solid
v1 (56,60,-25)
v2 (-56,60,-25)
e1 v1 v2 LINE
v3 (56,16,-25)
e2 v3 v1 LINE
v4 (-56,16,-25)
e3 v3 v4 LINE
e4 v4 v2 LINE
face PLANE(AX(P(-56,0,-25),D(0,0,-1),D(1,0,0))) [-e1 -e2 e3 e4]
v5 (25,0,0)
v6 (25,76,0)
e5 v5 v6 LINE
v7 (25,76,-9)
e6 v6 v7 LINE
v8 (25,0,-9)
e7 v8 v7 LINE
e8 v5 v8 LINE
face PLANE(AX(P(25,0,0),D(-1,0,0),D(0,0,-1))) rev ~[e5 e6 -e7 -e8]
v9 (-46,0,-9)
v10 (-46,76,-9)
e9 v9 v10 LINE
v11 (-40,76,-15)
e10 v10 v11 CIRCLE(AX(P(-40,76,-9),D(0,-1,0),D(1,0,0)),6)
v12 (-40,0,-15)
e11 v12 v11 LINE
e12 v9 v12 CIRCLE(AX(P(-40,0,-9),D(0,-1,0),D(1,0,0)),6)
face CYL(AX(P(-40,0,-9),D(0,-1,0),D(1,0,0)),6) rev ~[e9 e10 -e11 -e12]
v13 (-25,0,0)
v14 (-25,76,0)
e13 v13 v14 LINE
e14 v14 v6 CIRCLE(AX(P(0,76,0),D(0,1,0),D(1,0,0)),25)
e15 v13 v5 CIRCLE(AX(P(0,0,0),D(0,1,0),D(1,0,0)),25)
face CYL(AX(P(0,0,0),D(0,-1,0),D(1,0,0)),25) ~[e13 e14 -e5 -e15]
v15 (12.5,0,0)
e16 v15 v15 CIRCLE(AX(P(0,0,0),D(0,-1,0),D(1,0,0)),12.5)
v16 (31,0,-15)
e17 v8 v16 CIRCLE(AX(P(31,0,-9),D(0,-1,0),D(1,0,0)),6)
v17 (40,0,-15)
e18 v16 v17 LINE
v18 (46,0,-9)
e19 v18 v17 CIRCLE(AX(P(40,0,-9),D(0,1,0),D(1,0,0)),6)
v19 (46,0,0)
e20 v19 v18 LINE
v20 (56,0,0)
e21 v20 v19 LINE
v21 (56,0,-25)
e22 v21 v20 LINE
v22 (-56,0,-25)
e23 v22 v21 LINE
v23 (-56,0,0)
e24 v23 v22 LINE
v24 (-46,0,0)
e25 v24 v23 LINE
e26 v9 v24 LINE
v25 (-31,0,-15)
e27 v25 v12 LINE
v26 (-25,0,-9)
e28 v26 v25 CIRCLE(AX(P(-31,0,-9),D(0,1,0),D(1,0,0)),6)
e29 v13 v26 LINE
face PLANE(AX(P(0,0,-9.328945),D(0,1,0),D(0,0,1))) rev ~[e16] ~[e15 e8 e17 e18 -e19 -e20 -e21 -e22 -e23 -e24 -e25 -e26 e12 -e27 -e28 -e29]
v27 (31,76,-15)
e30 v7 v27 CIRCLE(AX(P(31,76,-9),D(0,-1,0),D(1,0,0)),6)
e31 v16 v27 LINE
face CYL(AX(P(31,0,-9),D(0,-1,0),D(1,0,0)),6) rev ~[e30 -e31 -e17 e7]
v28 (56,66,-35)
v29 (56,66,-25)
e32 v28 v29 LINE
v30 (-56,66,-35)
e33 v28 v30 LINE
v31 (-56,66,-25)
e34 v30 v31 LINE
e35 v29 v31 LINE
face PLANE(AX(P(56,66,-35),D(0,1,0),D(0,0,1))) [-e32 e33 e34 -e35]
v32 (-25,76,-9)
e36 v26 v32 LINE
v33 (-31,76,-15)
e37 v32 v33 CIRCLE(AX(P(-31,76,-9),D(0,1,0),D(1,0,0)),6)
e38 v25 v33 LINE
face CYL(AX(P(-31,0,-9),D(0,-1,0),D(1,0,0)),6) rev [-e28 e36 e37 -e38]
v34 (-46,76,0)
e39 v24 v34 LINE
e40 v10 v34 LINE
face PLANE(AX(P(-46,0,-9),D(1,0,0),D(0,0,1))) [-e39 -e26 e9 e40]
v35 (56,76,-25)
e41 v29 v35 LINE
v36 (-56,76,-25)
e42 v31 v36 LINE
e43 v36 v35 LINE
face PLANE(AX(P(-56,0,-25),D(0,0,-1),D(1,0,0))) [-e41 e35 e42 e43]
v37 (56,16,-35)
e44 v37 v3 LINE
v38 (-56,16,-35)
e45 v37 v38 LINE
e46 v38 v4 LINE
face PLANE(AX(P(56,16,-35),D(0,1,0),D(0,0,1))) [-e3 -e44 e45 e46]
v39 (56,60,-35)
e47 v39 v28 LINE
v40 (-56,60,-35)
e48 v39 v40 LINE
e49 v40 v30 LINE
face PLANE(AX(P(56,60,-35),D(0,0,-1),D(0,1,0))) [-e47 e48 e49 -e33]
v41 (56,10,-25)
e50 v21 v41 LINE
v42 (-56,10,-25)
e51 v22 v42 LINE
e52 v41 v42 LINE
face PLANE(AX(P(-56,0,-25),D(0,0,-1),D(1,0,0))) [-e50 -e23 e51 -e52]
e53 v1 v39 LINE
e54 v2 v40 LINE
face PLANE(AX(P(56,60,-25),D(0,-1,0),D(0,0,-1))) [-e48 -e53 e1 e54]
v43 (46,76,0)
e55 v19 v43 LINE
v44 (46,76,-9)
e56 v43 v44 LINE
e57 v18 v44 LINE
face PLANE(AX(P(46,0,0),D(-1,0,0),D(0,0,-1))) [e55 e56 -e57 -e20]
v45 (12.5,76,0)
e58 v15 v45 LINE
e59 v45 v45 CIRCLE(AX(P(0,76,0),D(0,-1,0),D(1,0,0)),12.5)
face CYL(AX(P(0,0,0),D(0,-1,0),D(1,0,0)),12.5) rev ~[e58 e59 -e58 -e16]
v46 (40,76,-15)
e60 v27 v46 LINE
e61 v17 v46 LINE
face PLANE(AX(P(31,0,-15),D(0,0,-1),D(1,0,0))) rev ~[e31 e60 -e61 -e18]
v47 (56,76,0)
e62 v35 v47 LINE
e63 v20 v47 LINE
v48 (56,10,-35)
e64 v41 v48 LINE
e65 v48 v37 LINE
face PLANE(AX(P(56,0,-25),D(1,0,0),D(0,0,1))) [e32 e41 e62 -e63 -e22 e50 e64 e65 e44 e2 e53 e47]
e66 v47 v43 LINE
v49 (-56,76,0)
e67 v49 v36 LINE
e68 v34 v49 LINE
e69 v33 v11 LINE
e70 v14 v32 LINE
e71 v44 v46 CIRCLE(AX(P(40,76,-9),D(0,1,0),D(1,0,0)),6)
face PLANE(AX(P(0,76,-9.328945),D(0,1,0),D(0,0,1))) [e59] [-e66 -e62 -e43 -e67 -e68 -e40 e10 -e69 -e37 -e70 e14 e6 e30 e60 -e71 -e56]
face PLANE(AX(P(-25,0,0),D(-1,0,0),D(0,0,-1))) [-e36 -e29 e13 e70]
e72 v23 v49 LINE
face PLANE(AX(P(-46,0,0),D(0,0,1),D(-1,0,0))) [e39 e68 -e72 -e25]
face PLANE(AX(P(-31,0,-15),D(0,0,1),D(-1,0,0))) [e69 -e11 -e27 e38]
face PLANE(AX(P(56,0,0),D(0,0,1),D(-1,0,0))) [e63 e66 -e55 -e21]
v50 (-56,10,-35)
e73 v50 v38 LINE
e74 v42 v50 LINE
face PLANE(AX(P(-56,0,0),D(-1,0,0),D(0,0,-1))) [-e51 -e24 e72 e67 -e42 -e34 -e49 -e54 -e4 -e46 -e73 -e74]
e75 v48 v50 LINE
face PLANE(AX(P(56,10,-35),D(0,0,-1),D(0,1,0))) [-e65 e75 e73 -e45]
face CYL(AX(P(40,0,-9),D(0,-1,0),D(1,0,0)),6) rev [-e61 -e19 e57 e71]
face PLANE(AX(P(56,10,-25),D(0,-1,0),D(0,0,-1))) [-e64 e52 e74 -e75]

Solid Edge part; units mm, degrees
sketch "Sketch1" plane through (0, 0, 0) normal (0, -1, 0) x (1, 0, 0)
  line L0 (25, 0) -> (25, -9)
  arc A0 (25, -9) -> (31, -15) centre (31, -9) ccw
  line L1 (31, -15) -> (40, -15)
  arc A1 (46, -9) -> (40, -15) centre (40, -9) cw
  line L2 (46, 0) -> (46, -9)
  line L3 (56, 0) -> (46, 0)
  line L4 (56, -25) -> (56, 0)
  line L5 (-56, -25) -> (56, -25)
  line L6 (-56, 0) -> (-56, -25)
  line L7 (-46, 0) -> (-56, 0)
  line L8 (-46, -9) -> (-46, 0)
  arc A2 (-46, -9) -> (-40, -15) centre (-40, -9) ccw
  line L9 (-31, -15) -> (-40, -15)
  arc A3 (-25, -9) -> (-31, -15) centre (-31, -9) cw
  line L10 (-25, 0) -> (-25, -9)
  arc A4 (-25, 0) -> (25, 0) centre (0, 0) cw
  circle A5 centre (0, 0) radius 12.5
extrude "Protrusion1" add sketch "Sketch1" against normal blind 76
sketch "Sketch2" plane through (56, 38, -12.5) normal (1, 0, 0) x (0, 1, 0)
  line L0 (-28, -12.5) -> (-28, -22.5)
  line L1 (-28, -22.5) -> (-22, -22.5)
  line L2 (-22, -22.5) -> (-22, -12.5)
  line L3 (-22, -12.5) -> (-28, -12.5)
  line L4 (22, -12.5) -> (22, -22.5)
  line L5 (22, -22.5) -> (28, -22.5)
  line L6 (28, -22.5) -> (28, -12.5)
  line L7 (28, -12.5) -> (22, -12.5)
extrude "ExtrudedProtrusion_2" add sketch "Sketch2" against normal blind 112
